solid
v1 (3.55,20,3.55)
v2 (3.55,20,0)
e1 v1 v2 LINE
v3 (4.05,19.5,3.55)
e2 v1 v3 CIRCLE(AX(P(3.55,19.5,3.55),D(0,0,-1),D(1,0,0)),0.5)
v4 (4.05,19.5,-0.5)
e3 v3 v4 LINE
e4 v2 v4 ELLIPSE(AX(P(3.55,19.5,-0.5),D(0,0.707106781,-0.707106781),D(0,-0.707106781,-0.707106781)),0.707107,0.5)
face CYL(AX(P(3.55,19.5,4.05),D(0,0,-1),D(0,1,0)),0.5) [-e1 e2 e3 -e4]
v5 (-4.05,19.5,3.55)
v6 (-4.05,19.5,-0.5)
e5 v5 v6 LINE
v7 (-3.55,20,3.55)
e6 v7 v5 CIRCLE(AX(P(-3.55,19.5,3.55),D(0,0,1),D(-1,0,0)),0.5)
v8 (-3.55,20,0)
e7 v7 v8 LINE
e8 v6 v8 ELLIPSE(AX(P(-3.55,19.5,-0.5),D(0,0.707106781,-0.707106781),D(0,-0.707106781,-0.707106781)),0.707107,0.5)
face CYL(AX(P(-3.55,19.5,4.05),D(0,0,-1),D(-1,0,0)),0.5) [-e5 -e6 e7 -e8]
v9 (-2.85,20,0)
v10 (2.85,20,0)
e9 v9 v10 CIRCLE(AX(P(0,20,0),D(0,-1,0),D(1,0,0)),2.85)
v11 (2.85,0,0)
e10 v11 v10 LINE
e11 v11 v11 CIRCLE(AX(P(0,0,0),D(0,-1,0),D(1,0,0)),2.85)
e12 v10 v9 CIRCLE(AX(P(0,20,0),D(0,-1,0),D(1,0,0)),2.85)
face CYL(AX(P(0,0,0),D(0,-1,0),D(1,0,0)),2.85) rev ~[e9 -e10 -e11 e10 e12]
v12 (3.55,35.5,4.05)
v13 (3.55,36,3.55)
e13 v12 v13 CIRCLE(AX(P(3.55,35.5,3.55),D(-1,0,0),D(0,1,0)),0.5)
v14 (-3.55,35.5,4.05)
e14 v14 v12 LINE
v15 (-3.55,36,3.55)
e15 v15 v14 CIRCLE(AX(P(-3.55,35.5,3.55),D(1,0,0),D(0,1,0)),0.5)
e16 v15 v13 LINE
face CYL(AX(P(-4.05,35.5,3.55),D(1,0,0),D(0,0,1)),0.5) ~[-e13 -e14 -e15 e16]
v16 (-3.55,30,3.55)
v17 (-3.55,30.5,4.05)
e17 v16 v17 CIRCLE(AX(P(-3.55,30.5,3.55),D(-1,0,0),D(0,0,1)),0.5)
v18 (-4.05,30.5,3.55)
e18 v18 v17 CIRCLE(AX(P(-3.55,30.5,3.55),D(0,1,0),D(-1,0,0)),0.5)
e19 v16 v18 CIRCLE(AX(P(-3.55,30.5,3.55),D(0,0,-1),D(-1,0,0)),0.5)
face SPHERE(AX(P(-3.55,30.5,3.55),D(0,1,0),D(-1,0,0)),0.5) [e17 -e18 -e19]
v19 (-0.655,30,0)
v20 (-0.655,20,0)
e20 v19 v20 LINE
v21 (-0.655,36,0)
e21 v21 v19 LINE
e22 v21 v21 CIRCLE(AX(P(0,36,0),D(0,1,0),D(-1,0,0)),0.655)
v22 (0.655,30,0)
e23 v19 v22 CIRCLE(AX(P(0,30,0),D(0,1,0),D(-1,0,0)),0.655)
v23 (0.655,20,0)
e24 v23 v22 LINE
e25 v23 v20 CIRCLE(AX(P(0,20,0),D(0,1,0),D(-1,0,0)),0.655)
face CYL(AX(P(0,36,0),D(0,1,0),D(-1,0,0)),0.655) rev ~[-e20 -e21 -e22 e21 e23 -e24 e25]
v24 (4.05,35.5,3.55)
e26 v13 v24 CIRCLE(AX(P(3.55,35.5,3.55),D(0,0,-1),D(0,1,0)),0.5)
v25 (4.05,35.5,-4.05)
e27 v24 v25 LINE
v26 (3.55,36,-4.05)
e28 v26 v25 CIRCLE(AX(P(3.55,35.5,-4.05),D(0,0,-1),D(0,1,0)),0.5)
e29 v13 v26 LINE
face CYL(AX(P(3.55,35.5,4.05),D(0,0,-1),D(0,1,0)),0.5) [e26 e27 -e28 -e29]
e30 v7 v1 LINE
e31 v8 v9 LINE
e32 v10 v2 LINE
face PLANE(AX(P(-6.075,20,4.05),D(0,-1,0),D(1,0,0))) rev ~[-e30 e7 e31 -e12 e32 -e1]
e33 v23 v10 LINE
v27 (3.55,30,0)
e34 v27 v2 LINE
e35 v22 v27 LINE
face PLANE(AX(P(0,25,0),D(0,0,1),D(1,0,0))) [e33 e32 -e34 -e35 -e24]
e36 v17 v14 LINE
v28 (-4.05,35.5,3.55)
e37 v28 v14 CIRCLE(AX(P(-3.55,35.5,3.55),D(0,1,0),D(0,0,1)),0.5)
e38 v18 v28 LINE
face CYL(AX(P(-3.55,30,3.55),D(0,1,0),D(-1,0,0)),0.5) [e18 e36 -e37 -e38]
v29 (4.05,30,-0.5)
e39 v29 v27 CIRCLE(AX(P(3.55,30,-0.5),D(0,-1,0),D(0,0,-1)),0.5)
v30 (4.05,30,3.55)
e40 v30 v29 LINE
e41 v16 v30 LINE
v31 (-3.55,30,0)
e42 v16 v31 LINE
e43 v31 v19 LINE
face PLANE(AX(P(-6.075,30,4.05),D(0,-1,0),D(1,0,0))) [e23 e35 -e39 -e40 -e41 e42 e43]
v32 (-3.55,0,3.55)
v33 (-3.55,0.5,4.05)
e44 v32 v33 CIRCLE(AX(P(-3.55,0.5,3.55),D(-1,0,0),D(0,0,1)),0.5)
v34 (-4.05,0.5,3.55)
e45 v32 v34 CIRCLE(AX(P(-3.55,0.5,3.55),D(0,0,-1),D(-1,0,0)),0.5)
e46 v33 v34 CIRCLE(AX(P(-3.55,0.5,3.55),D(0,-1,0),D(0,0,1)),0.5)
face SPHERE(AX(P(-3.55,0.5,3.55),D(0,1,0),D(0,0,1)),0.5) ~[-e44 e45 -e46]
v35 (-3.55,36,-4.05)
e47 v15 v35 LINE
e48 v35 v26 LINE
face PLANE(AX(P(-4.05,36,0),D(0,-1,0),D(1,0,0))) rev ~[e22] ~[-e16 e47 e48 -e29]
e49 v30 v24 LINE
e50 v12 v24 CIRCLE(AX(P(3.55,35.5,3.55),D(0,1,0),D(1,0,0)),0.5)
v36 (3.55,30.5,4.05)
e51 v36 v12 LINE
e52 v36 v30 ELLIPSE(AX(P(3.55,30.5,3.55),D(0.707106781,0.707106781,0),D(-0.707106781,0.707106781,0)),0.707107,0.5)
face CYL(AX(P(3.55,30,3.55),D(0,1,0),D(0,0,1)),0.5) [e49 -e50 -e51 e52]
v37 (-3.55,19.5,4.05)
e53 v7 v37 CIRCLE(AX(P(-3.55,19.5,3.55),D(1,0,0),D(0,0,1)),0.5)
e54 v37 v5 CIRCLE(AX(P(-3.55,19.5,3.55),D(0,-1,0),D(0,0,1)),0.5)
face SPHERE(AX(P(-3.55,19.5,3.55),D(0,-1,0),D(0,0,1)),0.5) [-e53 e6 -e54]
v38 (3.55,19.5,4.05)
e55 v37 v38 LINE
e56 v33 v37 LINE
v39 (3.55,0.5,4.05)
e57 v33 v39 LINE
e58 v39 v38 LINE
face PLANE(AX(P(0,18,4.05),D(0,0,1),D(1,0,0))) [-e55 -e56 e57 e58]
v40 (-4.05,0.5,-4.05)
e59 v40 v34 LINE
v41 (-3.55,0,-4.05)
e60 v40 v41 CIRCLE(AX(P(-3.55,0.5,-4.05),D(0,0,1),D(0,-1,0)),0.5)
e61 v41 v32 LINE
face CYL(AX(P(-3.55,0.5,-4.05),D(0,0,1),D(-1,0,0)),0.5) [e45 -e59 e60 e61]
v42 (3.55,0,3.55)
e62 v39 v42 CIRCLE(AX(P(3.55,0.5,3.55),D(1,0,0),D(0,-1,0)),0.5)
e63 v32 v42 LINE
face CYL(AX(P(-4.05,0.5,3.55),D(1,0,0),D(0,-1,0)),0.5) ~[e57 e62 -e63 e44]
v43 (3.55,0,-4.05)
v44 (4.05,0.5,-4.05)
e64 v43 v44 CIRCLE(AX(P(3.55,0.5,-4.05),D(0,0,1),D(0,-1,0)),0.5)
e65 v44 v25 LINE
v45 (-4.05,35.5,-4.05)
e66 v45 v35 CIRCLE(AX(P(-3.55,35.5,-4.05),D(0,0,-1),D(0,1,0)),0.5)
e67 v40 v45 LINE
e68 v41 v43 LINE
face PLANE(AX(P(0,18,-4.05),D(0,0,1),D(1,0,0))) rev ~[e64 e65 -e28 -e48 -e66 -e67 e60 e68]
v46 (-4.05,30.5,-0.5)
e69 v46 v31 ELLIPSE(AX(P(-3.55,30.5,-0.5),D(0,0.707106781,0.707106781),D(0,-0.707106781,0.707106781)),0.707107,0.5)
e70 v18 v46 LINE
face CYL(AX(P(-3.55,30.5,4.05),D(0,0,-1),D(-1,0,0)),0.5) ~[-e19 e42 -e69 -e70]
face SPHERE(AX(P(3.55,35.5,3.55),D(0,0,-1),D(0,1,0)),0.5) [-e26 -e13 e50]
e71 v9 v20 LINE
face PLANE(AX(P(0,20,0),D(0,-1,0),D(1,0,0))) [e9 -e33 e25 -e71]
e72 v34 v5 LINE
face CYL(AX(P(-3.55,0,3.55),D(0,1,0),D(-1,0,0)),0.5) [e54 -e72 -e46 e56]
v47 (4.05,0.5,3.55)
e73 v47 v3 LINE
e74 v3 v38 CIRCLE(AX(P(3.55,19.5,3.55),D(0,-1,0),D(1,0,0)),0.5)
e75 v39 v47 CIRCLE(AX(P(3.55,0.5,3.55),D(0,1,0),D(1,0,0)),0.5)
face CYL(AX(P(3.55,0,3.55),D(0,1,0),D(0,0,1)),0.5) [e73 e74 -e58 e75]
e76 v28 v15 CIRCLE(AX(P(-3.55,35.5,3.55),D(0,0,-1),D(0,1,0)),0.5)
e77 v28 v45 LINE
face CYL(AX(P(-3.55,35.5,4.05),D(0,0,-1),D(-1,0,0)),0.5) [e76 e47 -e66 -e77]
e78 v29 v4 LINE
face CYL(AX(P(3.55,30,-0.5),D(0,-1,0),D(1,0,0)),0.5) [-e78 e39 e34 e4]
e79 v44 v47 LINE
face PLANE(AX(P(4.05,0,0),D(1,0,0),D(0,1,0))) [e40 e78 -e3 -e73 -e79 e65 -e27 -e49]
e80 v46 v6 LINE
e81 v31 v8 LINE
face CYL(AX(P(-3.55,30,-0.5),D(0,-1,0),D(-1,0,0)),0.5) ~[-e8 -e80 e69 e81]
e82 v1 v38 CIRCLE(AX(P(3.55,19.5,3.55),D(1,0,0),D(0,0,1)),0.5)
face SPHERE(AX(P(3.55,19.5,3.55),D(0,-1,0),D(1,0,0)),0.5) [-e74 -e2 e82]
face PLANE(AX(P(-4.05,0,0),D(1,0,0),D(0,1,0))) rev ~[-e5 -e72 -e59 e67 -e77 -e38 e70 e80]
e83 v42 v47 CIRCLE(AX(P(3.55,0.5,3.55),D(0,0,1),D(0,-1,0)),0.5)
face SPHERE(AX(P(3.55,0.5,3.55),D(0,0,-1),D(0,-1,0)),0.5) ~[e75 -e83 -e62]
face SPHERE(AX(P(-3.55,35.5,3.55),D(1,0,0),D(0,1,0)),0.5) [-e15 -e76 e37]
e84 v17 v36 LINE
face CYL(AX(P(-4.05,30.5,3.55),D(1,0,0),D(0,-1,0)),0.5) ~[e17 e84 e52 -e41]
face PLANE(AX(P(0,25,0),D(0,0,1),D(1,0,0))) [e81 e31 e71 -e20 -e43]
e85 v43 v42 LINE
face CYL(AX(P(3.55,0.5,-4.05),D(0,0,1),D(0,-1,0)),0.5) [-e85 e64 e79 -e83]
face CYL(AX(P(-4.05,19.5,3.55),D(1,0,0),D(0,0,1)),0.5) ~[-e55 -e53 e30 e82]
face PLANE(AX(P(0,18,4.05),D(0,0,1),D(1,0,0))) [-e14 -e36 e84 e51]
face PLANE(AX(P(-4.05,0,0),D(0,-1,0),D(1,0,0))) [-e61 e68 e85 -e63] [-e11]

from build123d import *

# Parameters (mm, degrees)
SKETCH_W        = 8.1
SKETCH_H        = 36
PAD_DEPTH       = 4.05
SKETCH001_R     = 2.85
POCKET_DEPTH    = 20
SKETCH002_R     = 0.655
POCKET001_DEPTH = 16
SKETCH003_W     = 12.15
SKETCH003_H     = 10
POCKET002_DEPTH = 4.05
FILLET_R        = 0.5


with BuildPart() as part:
    # Sketch → Pad (new body, symmetric)
    with BuildSketch(Plane.XY):
        with Locations((0, 18)):
            Rectangle(SKETCH_W, SKETCH_H)
    extrude(amount=PAD_DEPTH, both=True)

    # Sketch001 → Pocket (cut)
    with BuildSketch(Plane.XZ):
        Circle(SKETCH001_R)
    extrude(amount=-POCKET_DEPTH, mode=Mode.SUBTRACT)

    # Sketch002 (on DatumPlane) → Pocket001 (cut)
    with BuildSketch(Plane(origin=(0, 36, 0), x_dir=(-1, 0, 0), z_dir=(0, 1, 0))):
        Circle(SKETCH002_R)
    extrude(amount=-POCKET001_DEPTH, mode=Mode.SUBTRACT)

    # Sketch003 (on DatumPlane) → Pocket002 (cut)
    with BuildSketch(Plane.XY.offset(4.05)):
        with Locations((0, 25)):
            Rectangle(SKETCH003_W, SKETCH003_H)
    extrude(amount=-POCKET002_DEPTH, mode=Mode.SUBTRACT)

    # Fillet
    fillet_edges = [part.edges().sort_by_distance(p)[0] for p in [
        (4.05, 36, 0),
        (0, 36, 4.05),
        (-4.05, 36, 0),
        (4.05, 33, 4.05),
        (-4.05, 33, 4.05),
        (-4.05, 10, 4.05),
        (4.05, 0, 0),
        (0, 0, 4.05),
        (-4.05, 0, 0),
        (4.05, 10, 4.05),
        (4.05, 20, 2.025),
        (4.05, 25, 0),
        (0, 20, 4.05),
        (-4.05, 20, 2.025),
        (-4.05, 25, 0),
        (-4.05, 30, 2.025),
        (0, 30, 4.05),
    ]]
    fillet(fillet_edges, radius=FILLET_R)


solid = part.part
